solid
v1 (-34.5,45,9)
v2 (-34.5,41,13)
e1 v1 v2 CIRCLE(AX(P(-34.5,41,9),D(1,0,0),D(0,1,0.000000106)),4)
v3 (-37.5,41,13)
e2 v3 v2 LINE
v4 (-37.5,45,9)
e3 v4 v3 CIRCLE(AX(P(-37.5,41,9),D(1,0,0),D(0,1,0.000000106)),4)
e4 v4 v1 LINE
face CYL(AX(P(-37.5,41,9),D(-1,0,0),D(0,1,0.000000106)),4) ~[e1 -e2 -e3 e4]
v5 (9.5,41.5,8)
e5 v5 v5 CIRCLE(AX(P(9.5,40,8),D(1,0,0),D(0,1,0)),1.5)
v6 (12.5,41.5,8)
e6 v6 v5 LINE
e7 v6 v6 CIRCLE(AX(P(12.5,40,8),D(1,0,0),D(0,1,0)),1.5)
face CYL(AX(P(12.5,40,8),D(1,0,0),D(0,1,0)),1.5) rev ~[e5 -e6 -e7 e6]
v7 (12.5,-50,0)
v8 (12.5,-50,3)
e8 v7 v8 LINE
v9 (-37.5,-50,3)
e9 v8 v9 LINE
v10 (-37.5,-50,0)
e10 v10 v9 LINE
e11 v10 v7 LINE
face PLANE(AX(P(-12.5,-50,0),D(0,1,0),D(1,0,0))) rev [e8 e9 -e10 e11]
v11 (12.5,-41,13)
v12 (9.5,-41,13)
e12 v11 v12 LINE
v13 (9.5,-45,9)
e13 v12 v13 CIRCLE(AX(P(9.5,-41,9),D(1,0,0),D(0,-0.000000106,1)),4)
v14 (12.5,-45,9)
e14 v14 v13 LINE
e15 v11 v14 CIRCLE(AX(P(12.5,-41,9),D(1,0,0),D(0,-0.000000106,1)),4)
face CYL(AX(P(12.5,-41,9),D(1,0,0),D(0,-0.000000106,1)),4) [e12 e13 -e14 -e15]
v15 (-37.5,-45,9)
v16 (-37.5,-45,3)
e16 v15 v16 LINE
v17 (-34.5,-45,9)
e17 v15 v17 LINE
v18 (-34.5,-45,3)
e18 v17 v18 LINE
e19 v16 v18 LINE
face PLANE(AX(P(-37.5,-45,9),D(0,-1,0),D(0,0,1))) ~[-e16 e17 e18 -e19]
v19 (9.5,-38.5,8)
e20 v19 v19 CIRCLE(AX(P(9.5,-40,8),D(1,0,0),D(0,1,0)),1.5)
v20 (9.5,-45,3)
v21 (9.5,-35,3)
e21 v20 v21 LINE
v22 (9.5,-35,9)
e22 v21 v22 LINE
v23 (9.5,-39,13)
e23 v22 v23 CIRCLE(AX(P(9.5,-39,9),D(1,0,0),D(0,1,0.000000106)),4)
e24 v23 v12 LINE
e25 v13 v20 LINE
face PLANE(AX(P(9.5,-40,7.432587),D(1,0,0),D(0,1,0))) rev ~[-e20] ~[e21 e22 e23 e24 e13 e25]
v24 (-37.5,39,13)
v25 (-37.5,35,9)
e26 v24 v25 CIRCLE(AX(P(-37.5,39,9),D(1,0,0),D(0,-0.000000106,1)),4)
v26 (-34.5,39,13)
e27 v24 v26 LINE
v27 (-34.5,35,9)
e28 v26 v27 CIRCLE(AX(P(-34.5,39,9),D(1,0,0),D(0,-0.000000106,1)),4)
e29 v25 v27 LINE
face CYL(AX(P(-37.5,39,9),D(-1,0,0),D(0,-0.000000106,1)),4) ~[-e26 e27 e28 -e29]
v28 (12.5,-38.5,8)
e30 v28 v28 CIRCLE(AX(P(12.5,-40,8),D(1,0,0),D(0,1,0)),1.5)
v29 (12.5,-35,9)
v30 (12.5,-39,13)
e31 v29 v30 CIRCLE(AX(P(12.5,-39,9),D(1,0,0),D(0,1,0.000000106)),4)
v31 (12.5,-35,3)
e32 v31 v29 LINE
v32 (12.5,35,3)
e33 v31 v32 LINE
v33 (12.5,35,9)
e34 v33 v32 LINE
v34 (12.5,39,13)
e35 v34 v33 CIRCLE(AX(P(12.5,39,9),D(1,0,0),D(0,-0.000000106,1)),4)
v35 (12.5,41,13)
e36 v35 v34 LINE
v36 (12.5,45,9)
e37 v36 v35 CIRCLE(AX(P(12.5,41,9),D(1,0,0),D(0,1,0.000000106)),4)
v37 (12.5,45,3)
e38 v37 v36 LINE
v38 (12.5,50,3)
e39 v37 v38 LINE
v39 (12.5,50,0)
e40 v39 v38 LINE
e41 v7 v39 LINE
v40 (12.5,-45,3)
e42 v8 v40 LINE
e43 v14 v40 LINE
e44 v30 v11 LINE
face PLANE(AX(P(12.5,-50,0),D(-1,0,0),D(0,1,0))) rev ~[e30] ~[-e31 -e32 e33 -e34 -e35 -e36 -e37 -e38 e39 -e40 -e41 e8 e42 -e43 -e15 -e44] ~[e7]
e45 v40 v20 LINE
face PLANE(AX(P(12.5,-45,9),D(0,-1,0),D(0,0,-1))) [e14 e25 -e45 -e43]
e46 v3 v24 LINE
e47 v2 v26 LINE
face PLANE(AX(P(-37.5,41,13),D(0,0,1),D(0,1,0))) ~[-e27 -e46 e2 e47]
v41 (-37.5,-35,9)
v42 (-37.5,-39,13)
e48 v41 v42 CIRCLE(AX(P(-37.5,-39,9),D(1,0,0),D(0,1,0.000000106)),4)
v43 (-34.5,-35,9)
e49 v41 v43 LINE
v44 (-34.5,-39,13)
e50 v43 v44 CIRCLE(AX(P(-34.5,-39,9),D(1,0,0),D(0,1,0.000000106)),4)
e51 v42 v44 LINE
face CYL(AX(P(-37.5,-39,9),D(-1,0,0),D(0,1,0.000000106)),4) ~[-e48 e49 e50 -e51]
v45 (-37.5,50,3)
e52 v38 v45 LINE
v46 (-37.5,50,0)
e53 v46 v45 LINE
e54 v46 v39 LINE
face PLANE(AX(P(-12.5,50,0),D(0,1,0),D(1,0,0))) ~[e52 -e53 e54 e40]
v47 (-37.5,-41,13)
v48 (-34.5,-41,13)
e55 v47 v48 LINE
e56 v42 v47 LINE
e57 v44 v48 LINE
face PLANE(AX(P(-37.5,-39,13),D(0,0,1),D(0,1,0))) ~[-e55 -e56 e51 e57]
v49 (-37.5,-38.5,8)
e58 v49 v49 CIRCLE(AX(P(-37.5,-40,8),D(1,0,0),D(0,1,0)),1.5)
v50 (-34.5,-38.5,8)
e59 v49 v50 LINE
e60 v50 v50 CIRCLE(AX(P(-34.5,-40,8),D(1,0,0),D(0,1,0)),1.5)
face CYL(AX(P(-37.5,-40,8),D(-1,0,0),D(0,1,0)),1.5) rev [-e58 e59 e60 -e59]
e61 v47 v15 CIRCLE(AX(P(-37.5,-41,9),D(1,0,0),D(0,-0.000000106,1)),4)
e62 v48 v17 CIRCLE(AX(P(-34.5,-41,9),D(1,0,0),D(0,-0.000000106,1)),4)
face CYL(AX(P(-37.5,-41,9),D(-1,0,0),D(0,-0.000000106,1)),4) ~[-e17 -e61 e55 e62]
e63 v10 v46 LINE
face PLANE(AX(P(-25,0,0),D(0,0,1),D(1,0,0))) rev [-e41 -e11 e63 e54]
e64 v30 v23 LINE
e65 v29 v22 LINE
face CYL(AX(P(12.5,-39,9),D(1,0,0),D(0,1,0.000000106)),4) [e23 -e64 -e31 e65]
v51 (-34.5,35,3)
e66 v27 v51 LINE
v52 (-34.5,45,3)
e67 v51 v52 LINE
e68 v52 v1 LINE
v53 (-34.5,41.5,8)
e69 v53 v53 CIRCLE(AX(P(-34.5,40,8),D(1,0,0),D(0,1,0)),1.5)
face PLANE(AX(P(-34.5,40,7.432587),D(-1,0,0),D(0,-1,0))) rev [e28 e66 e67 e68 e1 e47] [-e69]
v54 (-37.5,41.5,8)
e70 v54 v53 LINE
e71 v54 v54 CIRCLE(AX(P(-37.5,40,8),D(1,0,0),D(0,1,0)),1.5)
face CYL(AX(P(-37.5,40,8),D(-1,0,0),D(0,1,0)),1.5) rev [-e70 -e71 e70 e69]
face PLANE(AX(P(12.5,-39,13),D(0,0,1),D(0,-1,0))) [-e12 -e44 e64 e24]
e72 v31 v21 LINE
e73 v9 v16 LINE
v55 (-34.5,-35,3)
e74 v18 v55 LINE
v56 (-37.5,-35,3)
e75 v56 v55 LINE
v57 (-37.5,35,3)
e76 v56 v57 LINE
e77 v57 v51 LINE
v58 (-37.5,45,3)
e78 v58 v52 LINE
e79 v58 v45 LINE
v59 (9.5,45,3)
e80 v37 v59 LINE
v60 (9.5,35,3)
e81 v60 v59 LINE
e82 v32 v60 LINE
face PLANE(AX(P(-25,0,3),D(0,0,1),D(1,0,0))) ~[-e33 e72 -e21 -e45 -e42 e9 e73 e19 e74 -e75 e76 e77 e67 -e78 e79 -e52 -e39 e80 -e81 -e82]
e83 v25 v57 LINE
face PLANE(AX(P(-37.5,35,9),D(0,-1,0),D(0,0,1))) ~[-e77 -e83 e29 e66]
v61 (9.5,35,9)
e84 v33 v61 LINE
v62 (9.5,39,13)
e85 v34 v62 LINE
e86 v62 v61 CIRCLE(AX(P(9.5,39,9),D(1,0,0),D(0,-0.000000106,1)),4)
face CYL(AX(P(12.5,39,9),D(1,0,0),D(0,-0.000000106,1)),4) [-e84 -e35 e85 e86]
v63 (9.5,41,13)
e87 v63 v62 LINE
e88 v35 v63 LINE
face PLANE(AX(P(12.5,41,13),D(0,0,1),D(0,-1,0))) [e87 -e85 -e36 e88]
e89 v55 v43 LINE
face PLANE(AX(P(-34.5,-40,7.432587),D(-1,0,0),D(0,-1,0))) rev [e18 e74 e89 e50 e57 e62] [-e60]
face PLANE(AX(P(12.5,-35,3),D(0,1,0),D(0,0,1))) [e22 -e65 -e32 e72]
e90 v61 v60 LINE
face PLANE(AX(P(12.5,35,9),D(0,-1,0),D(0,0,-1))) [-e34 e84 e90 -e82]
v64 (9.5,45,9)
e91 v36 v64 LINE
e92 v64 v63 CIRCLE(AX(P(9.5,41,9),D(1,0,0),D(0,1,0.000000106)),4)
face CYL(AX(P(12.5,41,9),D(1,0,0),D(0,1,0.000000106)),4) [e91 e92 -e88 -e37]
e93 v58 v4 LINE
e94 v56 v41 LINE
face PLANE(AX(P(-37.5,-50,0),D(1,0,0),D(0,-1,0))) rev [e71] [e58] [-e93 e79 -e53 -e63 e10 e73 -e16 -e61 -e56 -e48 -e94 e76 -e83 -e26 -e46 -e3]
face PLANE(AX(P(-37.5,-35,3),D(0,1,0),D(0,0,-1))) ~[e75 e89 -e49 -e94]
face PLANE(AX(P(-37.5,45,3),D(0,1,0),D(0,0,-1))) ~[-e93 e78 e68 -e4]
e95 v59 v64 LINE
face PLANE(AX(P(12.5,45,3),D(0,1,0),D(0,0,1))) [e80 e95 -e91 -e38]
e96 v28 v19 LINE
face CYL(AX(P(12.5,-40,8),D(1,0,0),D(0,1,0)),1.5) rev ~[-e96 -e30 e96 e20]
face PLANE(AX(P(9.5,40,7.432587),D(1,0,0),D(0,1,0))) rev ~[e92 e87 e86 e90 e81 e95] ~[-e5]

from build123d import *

# Parameters (mm, degrees)
F0_W     = 25
F0_H     = 100
F1_DEPTH = 3
F2_R     = 1.5
F3_DEPTH = 3


with BuildPart() as f1:
    # F0 (on Top) → F1 (new body)
    with BuildSketch(Plane.XY):
        Rectangle(F0_W, F0_H)
    extrude(amount=F1_DEPTH)

    # F2 (on face) → F3 (join)
    with BuildSketch(Plane.YZ.offset(12.5)):
        with BuildLine():
            Line((35, 9), (35, 3))
            Line((35, 3), (45, 3))
            Line((45, 3), (45, 9))
            ThreePointArc((45, 9), (43.828427, 11.828427), (41, 13))
            Line((41, 13), (39, 13))
            ThreePointArc((39, 13), (36.171573, 11.828427), (35, 9))
        make_face()
        with Locations((40, 8)):
            Circle(F2_R, mode=Mode.SUBTRACT)
        with BuildLine():
            Line((-45, 9), (-45, 3))
            Line((-45, 3), (-35, 3))
            Line((-35, 3), (-35, 9))
            ThreePointArc((-35, 9), (-36.171573, 11.828427), (-39, 13))
            Line((-39, 13), (-41, 13))
            ThreePointArc((-41, 13), (-43.828427, 11.828427), (-45, 9))
        make_face()
        with Locations((-40, 8)):
            Circle(F2_R, mode=Mode.SUBTRACT)
    extrude(amount=-F3_DEPTH)

    # F4: F1 across face


with BuildPart() as f1_1:
    add(f1.part)
    add(f1.part.mirror(Plane(origin=(-12.5, 0, 1.5), x_dir=(0, -1, 0), z_dir=(-1, 0, 0))))


solid = f1_1.part
